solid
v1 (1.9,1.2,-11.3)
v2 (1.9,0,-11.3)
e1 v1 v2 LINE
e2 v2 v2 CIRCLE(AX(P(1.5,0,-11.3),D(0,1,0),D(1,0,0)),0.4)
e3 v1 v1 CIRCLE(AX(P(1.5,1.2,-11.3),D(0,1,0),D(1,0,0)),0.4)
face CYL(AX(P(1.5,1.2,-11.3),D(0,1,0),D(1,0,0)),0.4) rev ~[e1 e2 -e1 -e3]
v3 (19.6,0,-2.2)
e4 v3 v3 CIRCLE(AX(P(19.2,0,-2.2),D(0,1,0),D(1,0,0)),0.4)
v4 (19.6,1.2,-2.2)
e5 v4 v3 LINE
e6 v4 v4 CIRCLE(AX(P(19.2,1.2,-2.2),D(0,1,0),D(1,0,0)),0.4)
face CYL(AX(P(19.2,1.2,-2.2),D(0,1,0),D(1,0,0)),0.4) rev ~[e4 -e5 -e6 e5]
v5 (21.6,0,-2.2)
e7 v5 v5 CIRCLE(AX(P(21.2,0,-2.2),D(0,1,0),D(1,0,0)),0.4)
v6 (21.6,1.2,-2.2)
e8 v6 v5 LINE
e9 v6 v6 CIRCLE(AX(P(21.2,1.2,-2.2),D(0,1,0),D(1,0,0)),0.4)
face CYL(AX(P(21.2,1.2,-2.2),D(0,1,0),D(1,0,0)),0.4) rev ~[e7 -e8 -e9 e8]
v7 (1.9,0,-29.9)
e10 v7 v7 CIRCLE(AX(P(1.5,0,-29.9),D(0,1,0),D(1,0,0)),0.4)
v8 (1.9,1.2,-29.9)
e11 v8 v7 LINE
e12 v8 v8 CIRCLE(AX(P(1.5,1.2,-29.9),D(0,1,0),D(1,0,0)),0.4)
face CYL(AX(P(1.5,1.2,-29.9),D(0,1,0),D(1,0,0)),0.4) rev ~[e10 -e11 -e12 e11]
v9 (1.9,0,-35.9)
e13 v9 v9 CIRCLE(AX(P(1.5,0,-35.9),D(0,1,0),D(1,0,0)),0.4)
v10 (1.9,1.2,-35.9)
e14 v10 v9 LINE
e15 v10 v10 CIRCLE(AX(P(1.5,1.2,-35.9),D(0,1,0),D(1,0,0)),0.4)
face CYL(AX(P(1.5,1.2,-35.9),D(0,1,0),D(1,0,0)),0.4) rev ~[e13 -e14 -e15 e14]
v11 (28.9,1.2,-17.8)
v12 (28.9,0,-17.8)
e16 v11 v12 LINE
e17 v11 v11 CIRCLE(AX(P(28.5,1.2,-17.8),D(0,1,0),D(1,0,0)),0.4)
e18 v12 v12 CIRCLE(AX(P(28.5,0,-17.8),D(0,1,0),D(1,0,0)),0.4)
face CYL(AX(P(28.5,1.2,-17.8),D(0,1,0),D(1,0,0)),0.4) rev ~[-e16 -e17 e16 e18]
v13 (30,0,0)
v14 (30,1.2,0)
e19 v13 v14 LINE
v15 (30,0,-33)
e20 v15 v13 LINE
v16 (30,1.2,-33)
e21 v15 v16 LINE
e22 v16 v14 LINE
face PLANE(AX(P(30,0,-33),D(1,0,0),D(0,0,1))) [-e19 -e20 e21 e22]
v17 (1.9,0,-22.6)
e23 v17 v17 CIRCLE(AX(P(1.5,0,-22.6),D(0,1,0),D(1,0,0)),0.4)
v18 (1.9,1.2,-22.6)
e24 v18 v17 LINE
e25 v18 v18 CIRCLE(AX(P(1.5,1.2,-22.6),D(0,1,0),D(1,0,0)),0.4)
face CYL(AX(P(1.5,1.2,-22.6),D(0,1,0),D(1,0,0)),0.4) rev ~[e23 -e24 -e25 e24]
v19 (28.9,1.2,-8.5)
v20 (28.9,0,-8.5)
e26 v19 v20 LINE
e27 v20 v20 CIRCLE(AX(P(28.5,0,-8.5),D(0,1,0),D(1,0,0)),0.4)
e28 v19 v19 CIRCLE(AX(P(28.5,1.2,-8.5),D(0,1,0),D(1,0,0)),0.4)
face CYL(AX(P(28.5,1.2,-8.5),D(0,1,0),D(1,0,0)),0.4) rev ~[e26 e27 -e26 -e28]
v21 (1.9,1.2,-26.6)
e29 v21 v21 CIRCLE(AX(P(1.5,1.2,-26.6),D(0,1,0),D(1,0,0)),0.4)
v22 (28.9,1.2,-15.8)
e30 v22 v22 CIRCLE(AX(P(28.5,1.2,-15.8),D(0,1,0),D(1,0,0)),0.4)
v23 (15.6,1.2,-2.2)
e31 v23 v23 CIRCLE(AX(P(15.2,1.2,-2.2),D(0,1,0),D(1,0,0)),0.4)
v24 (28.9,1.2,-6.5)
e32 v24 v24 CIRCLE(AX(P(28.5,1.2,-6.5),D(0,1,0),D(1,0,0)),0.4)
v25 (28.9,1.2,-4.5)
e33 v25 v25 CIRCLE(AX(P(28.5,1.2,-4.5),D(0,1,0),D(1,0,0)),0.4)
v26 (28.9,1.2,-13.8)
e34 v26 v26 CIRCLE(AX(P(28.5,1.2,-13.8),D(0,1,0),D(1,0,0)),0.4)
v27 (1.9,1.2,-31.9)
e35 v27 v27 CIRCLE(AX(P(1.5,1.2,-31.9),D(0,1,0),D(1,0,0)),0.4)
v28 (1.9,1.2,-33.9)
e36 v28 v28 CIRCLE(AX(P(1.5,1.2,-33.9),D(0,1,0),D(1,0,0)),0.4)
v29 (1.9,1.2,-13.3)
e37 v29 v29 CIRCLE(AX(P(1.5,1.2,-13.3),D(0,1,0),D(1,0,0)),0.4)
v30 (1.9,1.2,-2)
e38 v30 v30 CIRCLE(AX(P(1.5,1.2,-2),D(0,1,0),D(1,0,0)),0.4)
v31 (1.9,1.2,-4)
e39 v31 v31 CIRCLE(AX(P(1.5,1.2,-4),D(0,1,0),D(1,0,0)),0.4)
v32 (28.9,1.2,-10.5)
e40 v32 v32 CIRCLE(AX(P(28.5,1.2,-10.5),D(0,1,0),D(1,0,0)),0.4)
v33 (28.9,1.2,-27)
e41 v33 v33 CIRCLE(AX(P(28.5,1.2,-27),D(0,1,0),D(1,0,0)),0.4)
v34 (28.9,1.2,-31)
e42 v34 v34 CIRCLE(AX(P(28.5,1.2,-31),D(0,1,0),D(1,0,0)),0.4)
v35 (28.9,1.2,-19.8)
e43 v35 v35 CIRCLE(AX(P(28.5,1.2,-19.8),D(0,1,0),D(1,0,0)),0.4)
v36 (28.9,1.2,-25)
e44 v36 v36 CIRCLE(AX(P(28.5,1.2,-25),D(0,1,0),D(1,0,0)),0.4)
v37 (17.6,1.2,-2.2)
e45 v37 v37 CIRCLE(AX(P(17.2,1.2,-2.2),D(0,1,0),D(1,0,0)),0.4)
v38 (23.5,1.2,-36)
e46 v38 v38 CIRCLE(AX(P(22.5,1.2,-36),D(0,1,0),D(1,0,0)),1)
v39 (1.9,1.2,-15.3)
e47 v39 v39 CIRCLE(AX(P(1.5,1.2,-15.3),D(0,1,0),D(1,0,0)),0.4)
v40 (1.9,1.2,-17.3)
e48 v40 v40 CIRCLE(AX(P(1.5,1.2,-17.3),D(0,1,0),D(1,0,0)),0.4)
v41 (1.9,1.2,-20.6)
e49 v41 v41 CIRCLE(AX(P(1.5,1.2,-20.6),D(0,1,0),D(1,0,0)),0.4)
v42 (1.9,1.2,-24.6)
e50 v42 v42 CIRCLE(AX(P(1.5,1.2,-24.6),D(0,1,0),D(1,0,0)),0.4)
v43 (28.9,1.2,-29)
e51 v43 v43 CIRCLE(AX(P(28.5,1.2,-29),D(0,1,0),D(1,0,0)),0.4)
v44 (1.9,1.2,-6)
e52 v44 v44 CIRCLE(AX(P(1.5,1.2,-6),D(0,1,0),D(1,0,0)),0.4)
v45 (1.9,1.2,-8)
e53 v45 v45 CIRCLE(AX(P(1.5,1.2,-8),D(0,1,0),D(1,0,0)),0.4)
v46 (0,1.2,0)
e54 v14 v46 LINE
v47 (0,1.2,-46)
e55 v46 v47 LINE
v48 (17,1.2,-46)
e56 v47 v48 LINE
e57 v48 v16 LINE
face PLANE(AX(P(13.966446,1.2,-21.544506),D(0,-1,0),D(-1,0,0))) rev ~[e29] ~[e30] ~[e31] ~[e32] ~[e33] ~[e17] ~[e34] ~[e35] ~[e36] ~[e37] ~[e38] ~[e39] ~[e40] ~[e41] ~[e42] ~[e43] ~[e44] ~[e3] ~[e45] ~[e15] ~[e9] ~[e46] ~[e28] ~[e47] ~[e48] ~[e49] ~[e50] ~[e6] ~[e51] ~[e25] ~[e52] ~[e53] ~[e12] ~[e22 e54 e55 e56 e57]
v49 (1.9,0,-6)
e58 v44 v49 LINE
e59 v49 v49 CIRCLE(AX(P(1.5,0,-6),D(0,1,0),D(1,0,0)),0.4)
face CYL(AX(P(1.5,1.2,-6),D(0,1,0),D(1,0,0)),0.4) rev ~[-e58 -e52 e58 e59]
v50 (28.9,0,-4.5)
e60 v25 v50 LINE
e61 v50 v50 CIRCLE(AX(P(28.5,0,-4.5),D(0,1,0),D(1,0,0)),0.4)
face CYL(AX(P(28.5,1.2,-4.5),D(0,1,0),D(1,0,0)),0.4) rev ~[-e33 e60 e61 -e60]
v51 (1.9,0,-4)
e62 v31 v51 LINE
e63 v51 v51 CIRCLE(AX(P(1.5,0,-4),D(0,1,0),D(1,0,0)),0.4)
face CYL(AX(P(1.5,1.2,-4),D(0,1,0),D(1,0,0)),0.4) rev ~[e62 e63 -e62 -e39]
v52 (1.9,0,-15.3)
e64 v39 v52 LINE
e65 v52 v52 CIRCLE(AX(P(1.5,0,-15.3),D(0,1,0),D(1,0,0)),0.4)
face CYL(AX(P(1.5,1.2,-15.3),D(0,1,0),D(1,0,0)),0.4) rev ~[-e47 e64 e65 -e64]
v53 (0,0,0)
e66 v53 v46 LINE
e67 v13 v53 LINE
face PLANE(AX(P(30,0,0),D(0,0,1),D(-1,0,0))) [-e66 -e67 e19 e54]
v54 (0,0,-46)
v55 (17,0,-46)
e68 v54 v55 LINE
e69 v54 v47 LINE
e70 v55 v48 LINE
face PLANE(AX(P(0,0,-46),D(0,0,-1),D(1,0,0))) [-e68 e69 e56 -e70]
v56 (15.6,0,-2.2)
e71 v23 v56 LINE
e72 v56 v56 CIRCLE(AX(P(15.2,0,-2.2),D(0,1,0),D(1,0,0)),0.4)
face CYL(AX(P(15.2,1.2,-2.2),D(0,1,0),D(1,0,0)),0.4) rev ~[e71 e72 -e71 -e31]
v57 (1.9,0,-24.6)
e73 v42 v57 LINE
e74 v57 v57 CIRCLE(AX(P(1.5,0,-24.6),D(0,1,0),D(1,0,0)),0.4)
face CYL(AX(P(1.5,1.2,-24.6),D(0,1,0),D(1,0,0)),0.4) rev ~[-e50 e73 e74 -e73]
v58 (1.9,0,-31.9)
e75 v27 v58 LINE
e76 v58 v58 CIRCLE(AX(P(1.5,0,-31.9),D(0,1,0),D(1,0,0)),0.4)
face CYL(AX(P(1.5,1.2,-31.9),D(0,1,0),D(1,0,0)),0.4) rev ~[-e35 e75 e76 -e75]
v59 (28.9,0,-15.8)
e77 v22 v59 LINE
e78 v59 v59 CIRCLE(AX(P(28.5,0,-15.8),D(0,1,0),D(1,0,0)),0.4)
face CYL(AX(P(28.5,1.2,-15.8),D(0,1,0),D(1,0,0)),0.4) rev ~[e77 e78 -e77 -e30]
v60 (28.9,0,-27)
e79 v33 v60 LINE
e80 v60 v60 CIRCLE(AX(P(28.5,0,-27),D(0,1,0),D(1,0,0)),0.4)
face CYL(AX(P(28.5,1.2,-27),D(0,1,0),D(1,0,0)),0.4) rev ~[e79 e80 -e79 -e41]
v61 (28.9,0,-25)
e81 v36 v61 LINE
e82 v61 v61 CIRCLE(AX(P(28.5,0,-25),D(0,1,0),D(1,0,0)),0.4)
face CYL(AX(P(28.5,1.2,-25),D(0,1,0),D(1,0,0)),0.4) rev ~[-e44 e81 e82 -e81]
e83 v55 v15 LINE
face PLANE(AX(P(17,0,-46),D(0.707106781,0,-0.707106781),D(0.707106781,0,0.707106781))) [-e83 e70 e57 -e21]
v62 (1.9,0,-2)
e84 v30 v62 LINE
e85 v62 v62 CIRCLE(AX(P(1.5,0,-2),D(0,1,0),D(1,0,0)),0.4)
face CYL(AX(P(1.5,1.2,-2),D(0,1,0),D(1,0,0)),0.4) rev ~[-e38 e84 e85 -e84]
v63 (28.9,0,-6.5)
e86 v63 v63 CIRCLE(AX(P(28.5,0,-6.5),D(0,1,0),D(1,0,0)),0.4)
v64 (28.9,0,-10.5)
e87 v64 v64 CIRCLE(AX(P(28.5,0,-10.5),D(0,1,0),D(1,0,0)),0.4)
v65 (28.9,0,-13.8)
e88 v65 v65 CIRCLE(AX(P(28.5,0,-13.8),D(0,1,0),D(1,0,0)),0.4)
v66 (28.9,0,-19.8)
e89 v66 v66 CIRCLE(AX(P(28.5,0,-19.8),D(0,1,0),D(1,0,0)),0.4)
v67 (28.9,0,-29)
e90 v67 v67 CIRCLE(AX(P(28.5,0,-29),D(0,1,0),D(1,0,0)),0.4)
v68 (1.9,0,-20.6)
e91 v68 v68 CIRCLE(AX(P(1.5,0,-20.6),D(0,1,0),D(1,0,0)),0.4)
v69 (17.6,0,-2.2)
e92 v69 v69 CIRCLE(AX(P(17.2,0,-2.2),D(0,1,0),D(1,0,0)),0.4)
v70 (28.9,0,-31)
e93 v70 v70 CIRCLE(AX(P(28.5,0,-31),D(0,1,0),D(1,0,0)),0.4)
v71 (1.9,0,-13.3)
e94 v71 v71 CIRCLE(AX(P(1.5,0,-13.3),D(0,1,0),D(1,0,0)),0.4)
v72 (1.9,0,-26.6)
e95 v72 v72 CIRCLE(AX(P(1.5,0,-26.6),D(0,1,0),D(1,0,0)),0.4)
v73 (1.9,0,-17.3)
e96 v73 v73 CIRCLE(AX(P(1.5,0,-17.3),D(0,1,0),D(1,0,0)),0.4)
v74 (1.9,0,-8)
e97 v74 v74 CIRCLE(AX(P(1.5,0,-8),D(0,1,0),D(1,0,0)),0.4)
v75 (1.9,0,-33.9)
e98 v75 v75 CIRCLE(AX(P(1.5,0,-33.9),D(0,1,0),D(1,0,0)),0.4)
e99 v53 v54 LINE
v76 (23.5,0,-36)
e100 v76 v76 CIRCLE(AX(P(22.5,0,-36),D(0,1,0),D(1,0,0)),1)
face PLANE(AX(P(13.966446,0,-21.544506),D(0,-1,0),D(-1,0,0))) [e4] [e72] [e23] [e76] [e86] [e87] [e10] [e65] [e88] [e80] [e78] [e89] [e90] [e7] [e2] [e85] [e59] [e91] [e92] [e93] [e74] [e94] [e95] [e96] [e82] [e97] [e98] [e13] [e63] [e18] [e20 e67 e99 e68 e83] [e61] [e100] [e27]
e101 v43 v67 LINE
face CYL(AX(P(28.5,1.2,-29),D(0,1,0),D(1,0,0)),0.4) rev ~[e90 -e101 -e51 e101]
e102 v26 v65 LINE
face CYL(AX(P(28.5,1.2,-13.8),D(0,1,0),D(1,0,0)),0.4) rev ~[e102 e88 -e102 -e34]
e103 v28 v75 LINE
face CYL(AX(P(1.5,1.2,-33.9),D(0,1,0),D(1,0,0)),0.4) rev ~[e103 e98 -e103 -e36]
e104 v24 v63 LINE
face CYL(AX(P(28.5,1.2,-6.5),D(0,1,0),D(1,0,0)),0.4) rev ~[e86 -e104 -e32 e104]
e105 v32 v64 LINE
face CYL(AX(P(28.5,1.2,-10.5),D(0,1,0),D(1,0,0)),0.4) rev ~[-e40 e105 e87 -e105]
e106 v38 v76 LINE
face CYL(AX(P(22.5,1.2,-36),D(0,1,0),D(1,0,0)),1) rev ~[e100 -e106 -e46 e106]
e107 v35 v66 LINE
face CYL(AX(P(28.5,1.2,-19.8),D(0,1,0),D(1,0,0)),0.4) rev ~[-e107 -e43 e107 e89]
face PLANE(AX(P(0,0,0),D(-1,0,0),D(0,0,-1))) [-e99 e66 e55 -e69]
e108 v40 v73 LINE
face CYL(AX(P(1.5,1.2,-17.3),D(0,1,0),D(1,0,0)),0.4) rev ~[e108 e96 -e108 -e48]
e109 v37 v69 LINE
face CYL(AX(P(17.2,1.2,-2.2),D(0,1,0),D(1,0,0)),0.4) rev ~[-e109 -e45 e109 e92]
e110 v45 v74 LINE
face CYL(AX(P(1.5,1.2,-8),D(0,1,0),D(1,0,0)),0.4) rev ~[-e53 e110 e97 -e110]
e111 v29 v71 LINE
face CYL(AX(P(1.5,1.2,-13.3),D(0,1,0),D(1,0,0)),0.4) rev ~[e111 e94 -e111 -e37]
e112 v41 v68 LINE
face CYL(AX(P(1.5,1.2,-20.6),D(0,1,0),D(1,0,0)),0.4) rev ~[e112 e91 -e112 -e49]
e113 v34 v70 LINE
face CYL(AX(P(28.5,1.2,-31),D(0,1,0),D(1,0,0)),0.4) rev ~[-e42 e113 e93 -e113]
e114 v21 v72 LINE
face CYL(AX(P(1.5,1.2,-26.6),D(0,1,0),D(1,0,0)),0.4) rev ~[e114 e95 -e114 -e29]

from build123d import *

# Parameters (mm, degrees)
BOSS_EXTRUDE1_DEPTH = 1.2
CUT_EXTRUDE1_REACH  = 3.2
SKETCH2_R           = 1
SKETCH3_R           = 0.4
CUT_EXTRUDE2_DEPTH  = 1.2
LPATTERN1_COUNT     = 4
LPATTERN1_PITCH     = 9.3
SKETCH4_R           = 0.4
CUT_EXTRUDE3_DEPTH  = 1.2
LPATTERN2_COUNT     = 2
LPATTERN2_PITCH     = 9.3
LPATTERN3_COUNT     = 2
LPATTERN3_PITCH     = 20.5
CUT_EXTRUDE4_REACH  = 3.2
SKETCH5_R           = 0.4


with BuildPart() as part:
    # Sketch1 → Boss-Extrude1 (new body)
    with BuildSketch(Plane(origin=(0, 0, 0), x_dir=(1, 0, 0), z_dir=(0, 1, 0))):
        Polygon((0, 0), (0, 46), (17, 46), (30, 33), (30, 0), align=None)
    extrude(amount=BOSS_EXTRUDE1_DEPTH)

    # Sketch2 → Cut-Extrude1 (cut, up to next)
    with BuildSketch(Plane(origin=(0, 1.2, 0), x_dir=(1, 0, 0), z_dir=(0, 1, 0)), mode=Mode.PRIVATE) as cut_extrude1_sk1:
        with Locations((22.5, 36)):
            Circle(SKETCH2_R)
    cut_extrude1_tool1 = extrude(cut_extrude1_sk1.sketch, amount=-CUT_EXTRUDE1_REACH, mode=Mode.PRIVATE) & part.part
    add(cut_extrude1_tool1.solids().sort_by_distance((22.5, 1.2, -36))[0], mode=Mode.SUBTRACT)

    # Sketch3 → Cut-Extrude2 (cut)
    with BuildSketch(Plane(origin=(0, 1.2, 0), x_dir=(1, 0, 0), z_dir=(0, 1, 0))):
        with Locations((1.5, 2)):
            Circle(SKETCH3_R)
        with Locations((1.5, 4)):
            Circle(SKETCH3_R)
        with Locations((1.5, 6)):
            Circle(SKETCH3_R)
        with Locations((1.5, 8)):
            Circle(SKETCH3_R)
    cut_extrude2 = extrude(amount=-CUT_EXTRUDE2_DEPTH, mode=Mode.SUBTRACT)

    # LPattern1: Cut-Extrude2 ×4
    with Locations(*[(0, 0, -i * LPATTERN1_PITCH) for i in range(1, LPATTERN1_COUNT)]):
        add(cut_extrude2, mode=Mode.SUBTRACT)

    # Sketch4 → Cut-Extrude3 (cut)
    with BuildSketch(Plane(origin=(0, 1.2, 0), x_dir=(1, 0, 0), z_dir=(0, 1, 0))):
        with Locations((28.5, 4.5)):
            Circle(SKETCH4_R)
        with Locations((28.5, 6.5)):
            Circle(SKETCH4_R)
        with Locations((28.5, 8.5)):
            Circle(SKETCH4_R)
        with Locations((28.5, 10.5)):
            Circle(SKETCH4_R)
    cut_extrude3 = extrude(amount=-CUT_EXTRUDE3_DEPTH, mode=Mode.SUBTRACT)

    # LPattern2: Cut-Extrude3 ×2
    with Locations(*[(0, 0, -i * LPATTERN2_PITCH) for i in range(1, LPATTERN2_COUNT)]):
        add(cut_extrude3, mode=Mode.SUBTRACT)

    # LPattern3: Cut-Extrude3 ×2
    with Locations(*[(0, 0, -i * LPATTERN3_PITCH) for i in range(1, LPATTERN3_COUNT)]):
        add(cut_extrude3, mode=Mode.SUBTRACT)

    # Sketch5 → Cut-Extrude4 (cut, up to next)
    with BuildSketch(Plane(origin=(0, 1.2, 0), x_dir=(1, 0, 0), z_dir=(0, 1, 0)), mode=Mode.PRIVATE) as cut_extrude4_sk1:
        with Locations((15.2, 2.2)):
            Circle(SKETCH5_R)
    cut_extrude4_tool1 = extrude(cut_extrude4_sk1.sketch, amount=-CUT_EXTRUDE4_REACH, mode=Mode.PRIVATE) & part.part
    add(cut_extrude4_tool1.solids().sort_by_distance((15.2, 1.2, -2.2))[0], mode=Mode.SUBTRACT)
    # Sketch5 → Cut-Extrude4 (cut, up to next)
    with BuildSketch(Plane(origin=(0, 1.2, 0), x_dir=(1, 0, 0), z_dir=(0, 1, 0)), mode=Mode.PRIVATE) as cut_extrude4_sk2:
        with Locations((17.2, 2.2)):
            Circle(SKETCH5_R)
    cut_extrude4_tool2 = extrude(cut_extrude4_sk2.sketch, amount=-CUT_EXTRUDE4_REACH, mode=Mode.PRIVATE) & part.part
    add(cut_extrude4_tool2.solids().sort_by_distance((17.2, 1.2, -2.2))[0], mode=Mode.SUBTRACT)
    # Sketch5 → Cut-Extrude4 (cut, up to next)
    with BuildSketch(Plane(origin=(0, 1.2, 0), x_dir=(1, 0, 0), z_dir=(0, 1, 0)), mode=Mode.PRIVATE) as cut_extrude4_sk3:
        with Locations((19.2, 2.2)):
            Circle(SKETCH5_R)
    cut_extrude4_tool3 = extrude(cut_extrude4_sk3.sketch, amount=-CUT_EXTRUDE4_REACH, mode=Mode.PRIVATE) & part.part
    add(cut_extrude4_tool3.solids().sort_by_distance((19.2, 1.2, -2.2))[0], mode=Mode.SUBTRACT)
    # Sketch5 → Cut-Extrude4 (cut, up to next)
    with BuildSketch(Plane(origin=(0, 1.2, 0), x_dir=(1, 0, 0), z_dir=(0, 1, 0)), mode=Mode.PRIVATE) as cut_extrude4_sk4:
        with Locations((21.2, 2.2)):
            Circle(SKETCH5_R)
    cut_extrude4_tool4 = extrude(cut_extrude4_sk4.sketch, amount=-CUT_EXTRUDE4_REACH, mode=Mode.PRIVATE) & part.part
    add(cut_extrude4_tool4.solids().sort_by_distance((21.2, 1.2, -2.2))[0], mode=Mode.SUBTRACT)


solid = part.part
